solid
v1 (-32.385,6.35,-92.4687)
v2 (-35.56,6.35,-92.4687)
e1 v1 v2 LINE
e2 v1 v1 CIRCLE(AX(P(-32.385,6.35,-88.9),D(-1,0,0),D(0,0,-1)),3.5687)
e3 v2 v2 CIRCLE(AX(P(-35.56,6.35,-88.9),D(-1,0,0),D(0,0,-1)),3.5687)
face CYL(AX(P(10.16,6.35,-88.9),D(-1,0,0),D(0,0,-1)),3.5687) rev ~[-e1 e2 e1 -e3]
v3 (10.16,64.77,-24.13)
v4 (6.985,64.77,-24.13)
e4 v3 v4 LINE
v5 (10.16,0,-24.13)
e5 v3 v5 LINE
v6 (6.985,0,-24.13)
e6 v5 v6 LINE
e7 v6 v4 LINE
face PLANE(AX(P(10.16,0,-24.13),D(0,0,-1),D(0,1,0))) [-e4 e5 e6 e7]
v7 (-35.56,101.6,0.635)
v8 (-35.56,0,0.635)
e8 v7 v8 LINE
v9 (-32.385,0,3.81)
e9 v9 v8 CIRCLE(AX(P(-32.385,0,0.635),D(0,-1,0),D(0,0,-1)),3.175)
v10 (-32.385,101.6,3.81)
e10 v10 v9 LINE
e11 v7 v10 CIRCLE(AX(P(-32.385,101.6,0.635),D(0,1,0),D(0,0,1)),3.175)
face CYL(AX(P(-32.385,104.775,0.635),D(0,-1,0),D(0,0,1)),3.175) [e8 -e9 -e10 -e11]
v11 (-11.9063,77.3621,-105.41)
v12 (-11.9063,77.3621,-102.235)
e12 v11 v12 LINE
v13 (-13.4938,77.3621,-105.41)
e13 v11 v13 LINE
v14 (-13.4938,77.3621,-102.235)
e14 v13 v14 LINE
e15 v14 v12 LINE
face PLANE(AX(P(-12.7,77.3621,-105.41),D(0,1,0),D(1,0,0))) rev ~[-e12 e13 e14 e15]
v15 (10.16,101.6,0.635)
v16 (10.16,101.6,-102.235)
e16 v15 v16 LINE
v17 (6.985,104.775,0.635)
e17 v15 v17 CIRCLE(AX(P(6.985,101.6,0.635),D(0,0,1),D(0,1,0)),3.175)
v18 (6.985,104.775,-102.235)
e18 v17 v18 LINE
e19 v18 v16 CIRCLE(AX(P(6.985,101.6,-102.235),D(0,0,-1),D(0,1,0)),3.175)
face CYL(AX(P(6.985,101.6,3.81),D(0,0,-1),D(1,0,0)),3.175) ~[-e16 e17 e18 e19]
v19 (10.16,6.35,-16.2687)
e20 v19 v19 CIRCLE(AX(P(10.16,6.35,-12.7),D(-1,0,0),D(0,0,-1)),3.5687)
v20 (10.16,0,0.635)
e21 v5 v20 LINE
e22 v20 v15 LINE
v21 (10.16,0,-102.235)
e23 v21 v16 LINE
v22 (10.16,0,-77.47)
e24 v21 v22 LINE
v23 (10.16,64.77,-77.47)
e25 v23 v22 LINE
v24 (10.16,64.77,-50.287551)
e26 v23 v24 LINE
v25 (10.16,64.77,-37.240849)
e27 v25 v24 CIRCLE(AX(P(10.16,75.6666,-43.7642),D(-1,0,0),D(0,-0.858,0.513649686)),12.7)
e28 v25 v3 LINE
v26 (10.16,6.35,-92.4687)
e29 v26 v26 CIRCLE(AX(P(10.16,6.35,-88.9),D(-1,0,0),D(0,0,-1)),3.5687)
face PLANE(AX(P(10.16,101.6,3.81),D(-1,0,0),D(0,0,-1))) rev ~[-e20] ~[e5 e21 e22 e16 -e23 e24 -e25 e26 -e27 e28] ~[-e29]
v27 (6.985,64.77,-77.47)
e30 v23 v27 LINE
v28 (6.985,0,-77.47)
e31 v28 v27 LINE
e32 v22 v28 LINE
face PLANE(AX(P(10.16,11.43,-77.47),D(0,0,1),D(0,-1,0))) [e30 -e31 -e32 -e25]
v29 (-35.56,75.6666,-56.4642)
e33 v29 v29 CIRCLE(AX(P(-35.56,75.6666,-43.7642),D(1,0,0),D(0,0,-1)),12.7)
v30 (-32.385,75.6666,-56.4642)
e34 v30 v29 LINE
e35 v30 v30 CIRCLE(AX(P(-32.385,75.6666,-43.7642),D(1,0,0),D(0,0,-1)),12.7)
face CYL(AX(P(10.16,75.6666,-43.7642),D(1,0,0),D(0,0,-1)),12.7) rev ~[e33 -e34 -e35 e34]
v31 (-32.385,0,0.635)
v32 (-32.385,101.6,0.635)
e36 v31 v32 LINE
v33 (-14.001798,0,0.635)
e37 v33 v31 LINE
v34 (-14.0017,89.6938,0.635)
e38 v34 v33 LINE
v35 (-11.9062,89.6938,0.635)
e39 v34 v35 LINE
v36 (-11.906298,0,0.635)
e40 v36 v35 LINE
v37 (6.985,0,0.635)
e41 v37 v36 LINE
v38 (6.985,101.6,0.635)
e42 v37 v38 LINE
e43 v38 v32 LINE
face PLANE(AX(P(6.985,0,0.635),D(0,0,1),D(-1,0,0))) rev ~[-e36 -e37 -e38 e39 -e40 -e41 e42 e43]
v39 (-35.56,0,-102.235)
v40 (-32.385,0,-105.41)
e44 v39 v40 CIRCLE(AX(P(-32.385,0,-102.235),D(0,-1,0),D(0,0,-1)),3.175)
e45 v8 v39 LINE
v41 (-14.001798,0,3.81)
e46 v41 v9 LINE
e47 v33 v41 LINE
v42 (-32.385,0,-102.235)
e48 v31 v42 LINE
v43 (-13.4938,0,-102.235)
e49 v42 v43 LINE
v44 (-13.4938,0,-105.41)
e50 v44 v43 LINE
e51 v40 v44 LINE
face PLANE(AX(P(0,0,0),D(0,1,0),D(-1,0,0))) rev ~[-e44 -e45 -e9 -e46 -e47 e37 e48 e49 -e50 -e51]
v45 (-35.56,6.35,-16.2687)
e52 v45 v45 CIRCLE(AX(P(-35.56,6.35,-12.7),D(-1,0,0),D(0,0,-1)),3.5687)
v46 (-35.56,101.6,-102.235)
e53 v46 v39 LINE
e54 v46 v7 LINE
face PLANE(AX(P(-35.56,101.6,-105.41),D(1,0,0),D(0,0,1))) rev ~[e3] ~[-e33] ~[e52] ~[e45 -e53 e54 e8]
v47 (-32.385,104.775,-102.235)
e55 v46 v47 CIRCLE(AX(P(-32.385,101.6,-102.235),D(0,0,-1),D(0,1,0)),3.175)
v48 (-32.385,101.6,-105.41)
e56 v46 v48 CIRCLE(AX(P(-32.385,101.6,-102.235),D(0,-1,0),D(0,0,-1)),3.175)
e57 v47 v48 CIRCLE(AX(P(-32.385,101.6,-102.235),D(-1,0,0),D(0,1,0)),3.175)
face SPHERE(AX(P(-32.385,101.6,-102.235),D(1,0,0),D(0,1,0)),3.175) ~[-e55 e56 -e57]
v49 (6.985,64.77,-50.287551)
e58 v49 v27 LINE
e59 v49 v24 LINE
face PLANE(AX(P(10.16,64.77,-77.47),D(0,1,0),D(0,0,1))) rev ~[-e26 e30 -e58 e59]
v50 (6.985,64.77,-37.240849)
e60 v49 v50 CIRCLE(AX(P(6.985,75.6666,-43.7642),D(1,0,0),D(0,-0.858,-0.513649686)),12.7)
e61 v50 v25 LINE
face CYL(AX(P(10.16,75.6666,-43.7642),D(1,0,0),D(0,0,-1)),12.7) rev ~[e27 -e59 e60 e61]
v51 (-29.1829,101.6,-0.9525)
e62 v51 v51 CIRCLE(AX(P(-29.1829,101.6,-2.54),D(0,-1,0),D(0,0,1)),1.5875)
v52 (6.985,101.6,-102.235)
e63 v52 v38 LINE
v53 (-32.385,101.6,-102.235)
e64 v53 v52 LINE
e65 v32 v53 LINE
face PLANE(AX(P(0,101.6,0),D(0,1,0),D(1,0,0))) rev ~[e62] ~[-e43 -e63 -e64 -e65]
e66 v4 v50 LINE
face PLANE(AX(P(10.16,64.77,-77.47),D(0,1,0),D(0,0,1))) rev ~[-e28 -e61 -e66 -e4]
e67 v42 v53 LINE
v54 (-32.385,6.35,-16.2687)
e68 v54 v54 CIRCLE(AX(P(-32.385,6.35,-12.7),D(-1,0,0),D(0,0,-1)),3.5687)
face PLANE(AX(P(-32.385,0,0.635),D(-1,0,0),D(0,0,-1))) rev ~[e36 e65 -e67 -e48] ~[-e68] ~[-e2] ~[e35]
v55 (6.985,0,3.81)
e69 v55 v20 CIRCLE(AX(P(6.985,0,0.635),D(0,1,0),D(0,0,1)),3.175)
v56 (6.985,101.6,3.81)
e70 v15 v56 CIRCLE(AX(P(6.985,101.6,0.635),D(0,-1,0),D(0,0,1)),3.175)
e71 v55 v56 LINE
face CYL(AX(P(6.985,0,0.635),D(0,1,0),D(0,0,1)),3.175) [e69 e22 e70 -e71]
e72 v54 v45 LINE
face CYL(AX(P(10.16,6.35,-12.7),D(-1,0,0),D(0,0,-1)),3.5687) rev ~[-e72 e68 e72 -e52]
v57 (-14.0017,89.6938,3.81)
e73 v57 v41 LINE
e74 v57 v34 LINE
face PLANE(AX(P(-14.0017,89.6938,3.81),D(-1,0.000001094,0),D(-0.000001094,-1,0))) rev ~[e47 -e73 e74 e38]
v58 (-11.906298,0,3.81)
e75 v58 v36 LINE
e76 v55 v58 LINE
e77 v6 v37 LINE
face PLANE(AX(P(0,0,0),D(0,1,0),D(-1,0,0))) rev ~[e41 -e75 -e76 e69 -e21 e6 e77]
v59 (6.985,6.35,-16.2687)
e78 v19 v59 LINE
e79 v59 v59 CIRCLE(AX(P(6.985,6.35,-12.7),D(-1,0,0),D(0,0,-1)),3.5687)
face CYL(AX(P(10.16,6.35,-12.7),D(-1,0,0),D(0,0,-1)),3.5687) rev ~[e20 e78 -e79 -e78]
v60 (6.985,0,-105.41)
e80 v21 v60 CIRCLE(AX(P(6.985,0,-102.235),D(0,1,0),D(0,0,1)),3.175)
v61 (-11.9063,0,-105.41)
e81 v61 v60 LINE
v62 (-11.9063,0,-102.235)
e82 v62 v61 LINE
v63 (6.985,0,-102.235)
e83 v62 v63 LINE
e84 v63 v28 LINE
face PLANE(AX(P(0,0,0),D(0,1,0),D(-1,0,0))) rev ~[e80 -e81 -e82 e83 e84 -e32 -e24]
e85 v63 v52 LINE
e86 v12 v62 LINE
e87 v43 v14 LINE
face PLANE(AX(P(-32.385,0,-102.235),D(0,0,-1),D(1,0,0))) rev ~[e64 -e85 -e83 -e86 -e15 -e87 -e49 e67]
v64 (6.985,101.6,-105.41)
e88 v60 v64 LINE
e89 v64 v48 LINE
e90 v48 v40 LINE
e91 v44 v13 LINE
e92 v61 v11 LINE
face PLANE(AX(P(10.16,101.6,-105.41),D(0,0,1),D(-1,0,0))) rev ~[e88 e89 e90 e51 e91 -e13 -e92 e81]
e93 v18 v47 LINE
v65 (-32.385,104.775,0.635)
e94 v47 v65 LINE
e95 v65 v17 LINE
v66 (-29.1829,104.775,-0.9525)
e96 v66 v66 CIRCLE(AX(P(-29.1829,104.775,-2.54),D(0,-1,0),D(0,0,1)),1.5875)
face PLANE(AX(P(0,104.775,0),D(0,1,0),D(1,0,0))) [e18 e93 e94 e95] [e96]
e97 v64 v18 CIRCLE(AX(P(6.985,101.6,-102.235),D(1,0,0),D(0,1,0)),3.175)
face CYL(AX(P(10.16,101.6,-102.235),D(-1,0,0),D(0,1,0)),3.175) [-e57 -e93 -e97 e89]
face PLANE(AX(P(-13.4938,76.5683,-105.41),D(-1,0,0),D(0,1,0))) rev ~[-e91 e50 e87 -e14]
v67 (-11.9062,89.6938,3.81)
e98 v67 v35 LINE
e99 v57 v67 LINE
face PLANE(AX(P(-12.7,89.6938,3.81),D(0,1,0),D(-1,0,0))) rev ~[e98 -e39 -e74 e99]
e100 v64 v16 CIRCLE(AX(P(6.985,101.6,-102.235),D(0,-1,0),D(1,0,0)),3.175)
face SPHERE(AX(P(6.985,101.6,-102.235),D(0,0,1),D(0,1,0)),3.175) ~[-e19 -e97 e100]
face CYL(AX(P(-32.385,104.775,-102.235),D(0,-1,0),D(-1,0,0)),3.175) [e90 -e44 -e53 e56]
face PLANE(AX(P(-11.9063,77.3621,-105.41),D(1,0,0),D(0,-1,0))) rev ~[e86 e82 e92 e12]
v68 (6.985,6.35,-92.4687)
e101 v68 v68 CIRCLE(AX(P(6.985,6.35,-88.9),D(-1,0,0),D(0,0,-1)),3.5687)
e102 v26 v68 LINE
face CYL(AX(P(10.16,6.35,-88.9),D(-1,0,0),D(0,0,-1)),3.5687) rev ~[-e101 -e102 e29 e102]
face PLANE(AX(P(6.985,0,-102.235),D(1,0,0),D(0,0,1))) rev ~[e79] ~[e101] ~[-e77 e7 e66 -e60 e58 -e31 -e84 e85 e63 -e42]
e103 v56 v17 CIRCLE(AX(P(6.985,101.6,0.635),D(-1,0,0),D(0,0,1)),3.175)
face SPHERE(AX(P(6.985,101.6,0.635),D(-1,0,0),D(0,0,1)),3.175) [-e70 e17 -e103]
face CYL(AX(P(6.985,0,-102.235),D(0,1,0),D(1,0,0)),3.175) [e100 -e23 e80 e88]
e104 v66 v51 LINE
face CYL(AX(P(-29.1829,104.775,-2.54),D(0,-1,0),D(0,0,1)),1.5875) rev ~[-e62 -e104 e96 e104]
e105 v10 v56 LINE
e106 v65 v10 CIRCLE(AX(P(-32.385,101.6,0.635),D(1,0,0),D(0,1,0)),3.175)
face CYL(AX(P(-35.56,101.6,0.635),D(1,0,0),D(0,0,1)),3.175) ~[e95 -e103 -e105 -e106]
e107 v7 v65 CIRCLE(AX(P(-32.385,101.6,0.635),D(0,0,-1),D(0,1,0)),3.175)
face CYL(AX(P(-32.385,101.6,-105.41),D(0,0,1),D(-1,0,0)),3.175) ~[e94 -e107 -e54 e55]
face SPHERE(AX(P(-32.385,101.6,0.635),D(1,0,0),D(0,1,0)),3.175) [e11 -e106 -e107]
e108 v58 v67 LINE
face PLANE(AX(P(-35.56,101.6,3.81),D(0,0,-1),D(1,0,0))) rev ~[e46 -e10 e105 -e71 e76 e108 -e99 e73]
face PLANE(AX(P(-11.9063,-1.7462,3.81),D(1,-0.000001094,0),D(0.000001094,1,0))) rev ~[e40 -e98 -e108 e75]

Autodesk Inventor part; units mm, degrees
ref_plane "YZ Plane" through (0, 0, 0) normal (1, 0, 0) x (0, 1, 0)
ref_plane "XZ Plane" through (0, 0, 0) normal (0, 1, 0) x (-1, 0, 0)
ref_plane "XY Plane" through (0, 0, 0) normal (0, 0, 1) x (1, 0, 0)
sketch "Sketch1" plane through (0, 0, 0) normal (0, 1, 0) x (-1, 0, 0)
  line L0 (0, 0) -> (25.4, 0)
  line L1 (25.4, 0) -> (25.4, -101.6)
  line L2 (25.4, -101.6) -> (0, -101.6)
  line L3 (0, -101.6) -> (0, 0)
  line L4 (25.4, 0) -> (31.75, 0)
  line L5 (31.75, 0) -> (31.75, -101.6)
  line L6 (31.75, -101.6) -> (25.4, -101.6)
  line L7 (25.4, -101.6) -> (25.4, 0)
  line L8 (0, -101.6) -> (-6.35, -101.6)
  line L9 (-6.35, -101.6) -> (-6.35, 0)
  line L10 (-6.35, 0) -> (0, 0)
  line L11 (0, 0) -> (0, -101.6)
  line L12 (-6.985, 0.635) -> (32.385, 0.635)
  line L13 (32.385, 0.635) -> (32.385, -102.235)
  line L14 (32.385, -102.235) -> (-6.985, -102.235)
  line L15 (-6.985, -102.235) -> (-6.985, 0.635)
  line L16 (-6.985, 0.635) -> (32.385, -102.235) construction
  line L17 (32.385, 0.635) -> (-6.985, -102.235) construction
  line L18 (-10.16, 3.81) -> (35.56, 3.81)
  line L19 (35.56, 3.81) -> (35.56, -105.41)
  line L20 (35.56, -105.41) -> (-10.16, -105.41)
  line L21 (-10.16, -105.41) -> (-10.16, 3.81)
  line L22 (-10.16, 3.81) -> (35.56, -105.41) construction
  line L23 (35.56, 3.81) -> (-10.16, -105.41) construction
  point P0 (12.7, -50.8)
  dimension "d0" = 25.4
  dimension "d1" = 101.6
  dimension "d2" = 6.35
  dimension "d3" = 6.35
  dimension "d4" = 39.37
  dimension "d5" = 102.87
  dimension "d6" = 45.72
  dimension "d7" = 109.22
extrude "Extrusion1" add sketch "Sketch1" along normal blind 101.6 contours L18 L19 L20 L21
sketch "Sketch2" plane through (10.16, 0, 3.81) normal (1, 0, 0) x (0, 0, -1)
  line L0 (109.22, 0) -> (109.22, 101.6) projected
  line L1 (109.22, 0) -> (92.71, 0)
  line L2 (92.71, 0) -> (92.71, 6.35)
  line L3 (92.71, 6.35) -> (109.22, 6.35)
  line L4 (109.22, 6.35) -> (109.22, 0)
  line L5 (106.045, 0) -> (3.175, 0) projected
  line L6 (54.61, 0) -> (54.61, 12.7)
  line L7 (54.61, 12.7) -> (54.61, 63.5)
  line L8 (27.94, 11.43) -> (81.28, 11.43)
  line L9 (81.28, 11.43) -> (81.28, 64.77)
  line L10 (81.28, 64.77) -> (27.94, 64.77)
  line L11 (27.94, 64.77) -> (27.94, 11.43)
  line L12 (27.94, 11.43) -> (81.28, 64.77) construction
  line L13 (81.28, 11.43) -> (27.94, 64.77) construction
  line L14 (27.94, 11.43) -> (81.28, 11.43)
  line L15 (81.28, 11.43) -> (81.28, 0)
  line L16 (81.28, 0) -> (27.94, 0)
  line L17 (27.94, 0) -> (27.94, 11.43)
  line L18 (106.045, 101.6) -> (3.175, 101.6) projected
  line L19 (54.61, 101.6) -> (54.61, 75.6666)
  line L20 (54.61, 101.6) -> (80.5434, 101.6) construction
  line L21 (54.61, 75.6666) -> (47.5742, 75.6666)
  circle A0 centre (47.5742, 75.6666) radius 12.7
  line L22 (0, 0) -> (0, 101.6) projected
  line L23 (0, 0) -> (16.51, 0)
  line L24 (16.51, 0) -> (16.51, 6.35)
  line L25 (16.51, 6.35) -> (0, 6.35)
  line L26 (0, 6.35) -> (0, 0)
  point P0 (3.81, 0)
  point P1 (25.4, 6.35)
  point P2 (54.61, 38.1)
  point P3 (41.0508, 64.77)
  point P4 (54.0976, 64.77)
  dimension "d12" = 16.51
  dimension "d13" = 6.35
  dimension "d14" = 12.7
  dimension "d15" = 50.8
  dimension "d16" = 53.34
  dimension "d17" = 53.34
  dimension "d30" = 25.9334
  dimension "d31" = 90
  dimension "d37" = 7.0358
  dimension "d38" = 25.4
  dimension "d48" = 16.51
  dimension "d49" = 6.35
extrude "Extrusion2" cut sketch "Sketch2" against normal blind 3.175 contours L5 L6 L8 L15 | L5 L17 L8 L6 | L8 L11 L10 A0 L9 | A0 L10 picked at (46.2278, 64.3887)
hole "Hole1" at (10.16, 6.35, -88.9) at (10.16, 6.35, -12.7) direction (-1, 0, 0) diameter 7.1374 end through all clearance for "Socket Head Cap Screw" size "1/4" standard "Ansi Unified Screw Threads"
sketch "Sketch3" plane through (0, 101.6, 0) normal (0, 1, 0) x (1, 0, 0)
  line L0 (10.16, -3.81) -> (10.16, 105.41) projected
  line L1 (-35.56, -3.81) -> (10.16, -3.81)
  line L2 (10.16, -3.81) -> (10.16, 105.41)
  line L3 (10.16, 105.41) -> (-35.56, 105.41)
  line L4 (-35.56, 105.41) -> (-35.56, -3.81)
  point P0 (0, 0)
extrude "Extrusion3" add sketch "Sketch3" along normal blind 3.175
fillet "Fillet1" radius 3.175 8 edges at (-12.7, 104.775, 3.81) (10.16, 52.3875, 3.81) (10.16, 104.775, -50.8) (-12.7, 104.775, -105.41) (10.16, 52.3875, -105.41) (-35.56, 104.775, -50.8) (-35.56, 52.3875, 3.81) (-35.56, 52.3875, -105.41)
extrude "Extrusion4" cut sketch "Sketch2" against normal through all contours A0 L10 | L10 A0
sketch "Sketch4" plane through (0, 104.775, 0) normal (0, 1, 0) x (1, 0, 0)
  line L0 (-32.3579, -0.635) -> (-29.1829, -0.635)
  line L1 (-29.1829, -0.635) -> (-29.1829, 2.54)
  line L2 (-29.1829, 2.54) -> (-32.3579, 2.54)
  line L3 (-32.3579, 2.54) -> (-32.3579, -0.635)
  point P0 (0, 0)
  dimension "d39" = 3.175
  dimension "d40" = 3.175
hole "Hole2" at (-29.1829, 104.775, -2.54) direction (0, -1, 0) diameter 3.175 end through all
sketch "Sketch5" plane through (6.985, 0, -105.41) normal (0, 0, -1) x (-1, 0, 0)
  line L0 (-3.175, 64.77) -> (-3.175, 88.3666) projected
  line L1 (0, 88.3666) -> (0, 64.77) projected
  line L2 (0, 76.5683) -> (19.685, 76.5683)
  line L3 (39.37, 0) -> (39.37, 101.6) projected
  line L4 (15.5575, 72.4408) -> (23.8125, 72.4408)
  line L5 (23.8125, 72.4408) -> (23.8125, 80.6958)
  line L6 (23.8125, 80.6958) -> (15.5575, 80.6958)
  line L7 (15.5575, 80.6958) -> (15.5575, 72.4408)
  line L8 (15.5575, 72.4408) -> (23.8125, 80.6958) construction
  line L9 (23.8125, 72.4408) -> (15.5575, 80.6958) construction
  line L10 (19.685, 76.5683) -> (20.4788, 76.5683)
  line L11 (20.4788, 76.5683) -> (20.4788, 77.3621)
  line L12 (20.4788, 77.3621) -> (19.685, 77.3621)
  line L13 (19.685, 77.3621) -> (19.685, 76.5683)
  line L14 (20.4788, 77.3621) -> (18.8913, 77.3621)
  line L15 (18.8913, 77.3621) -> (18.8913, -14.0779)
  line L16 (18.8913, -14.0779) -> (20.4788, -14.0779)
  line L17 (20.4788, -14.0779) -> (20.4788, 77.3621)
  point P0 (6.985, 0)
  dimension "d50" = 19.685
  dimension "d51" = 8.255
  dimension "d52" = 8.255
  dimension "d62" = 0.7937
  dimension "d63" = 0.7937
  dimension "d64" = 1.5875
  dimension "d65" = 91.44
extrude "Extrusion5" cut sketch "Sketch5" against normal blind 6.35 contours L15 L14 L13 L2 | L2 L10 L17 L4 L15 | L13 L12 L11 L10 | L4 L17 L16 L15
sketch "Sketch6" plane through (-32.385, 0, 3.81) normal (0, 0, 1) x (1, 0, 0)
  line L0 (0, 101.6) -> (39.37, 101.6) projected
  line L1 (19.685, 101.6) -> (19.685, 88.9)
  line L2 (19.685, 88.9) -> (19.685, 89.6938)
  line L3 (19.685, 89.6938) -> (20.4788, 89.6938)
  line L4 (20.4788, 89.6938) -> (18.3833, 89.6938)
  line L5 (18.3833, 89.6938) -> (18.3832, -1.7462)
  line L6 (18.3832, -1.7462) -> (20.4787, -1.7462)
  line L7 (20.4787, -1.7462) -> (20.4788, 89.6938)
  point P0 (32.385, 0)
  dimension "d55" = 12.7
  dimension "d56" = 0.7937
  dimension "d57" = 0.7937
  dimension "d58" = 2.0955
  dimension "d59" = 91.44
extrude "Extrusion6" cut sketch "Sketch6" against normal blind 6.35
properties part number "ThermalOvershield"
